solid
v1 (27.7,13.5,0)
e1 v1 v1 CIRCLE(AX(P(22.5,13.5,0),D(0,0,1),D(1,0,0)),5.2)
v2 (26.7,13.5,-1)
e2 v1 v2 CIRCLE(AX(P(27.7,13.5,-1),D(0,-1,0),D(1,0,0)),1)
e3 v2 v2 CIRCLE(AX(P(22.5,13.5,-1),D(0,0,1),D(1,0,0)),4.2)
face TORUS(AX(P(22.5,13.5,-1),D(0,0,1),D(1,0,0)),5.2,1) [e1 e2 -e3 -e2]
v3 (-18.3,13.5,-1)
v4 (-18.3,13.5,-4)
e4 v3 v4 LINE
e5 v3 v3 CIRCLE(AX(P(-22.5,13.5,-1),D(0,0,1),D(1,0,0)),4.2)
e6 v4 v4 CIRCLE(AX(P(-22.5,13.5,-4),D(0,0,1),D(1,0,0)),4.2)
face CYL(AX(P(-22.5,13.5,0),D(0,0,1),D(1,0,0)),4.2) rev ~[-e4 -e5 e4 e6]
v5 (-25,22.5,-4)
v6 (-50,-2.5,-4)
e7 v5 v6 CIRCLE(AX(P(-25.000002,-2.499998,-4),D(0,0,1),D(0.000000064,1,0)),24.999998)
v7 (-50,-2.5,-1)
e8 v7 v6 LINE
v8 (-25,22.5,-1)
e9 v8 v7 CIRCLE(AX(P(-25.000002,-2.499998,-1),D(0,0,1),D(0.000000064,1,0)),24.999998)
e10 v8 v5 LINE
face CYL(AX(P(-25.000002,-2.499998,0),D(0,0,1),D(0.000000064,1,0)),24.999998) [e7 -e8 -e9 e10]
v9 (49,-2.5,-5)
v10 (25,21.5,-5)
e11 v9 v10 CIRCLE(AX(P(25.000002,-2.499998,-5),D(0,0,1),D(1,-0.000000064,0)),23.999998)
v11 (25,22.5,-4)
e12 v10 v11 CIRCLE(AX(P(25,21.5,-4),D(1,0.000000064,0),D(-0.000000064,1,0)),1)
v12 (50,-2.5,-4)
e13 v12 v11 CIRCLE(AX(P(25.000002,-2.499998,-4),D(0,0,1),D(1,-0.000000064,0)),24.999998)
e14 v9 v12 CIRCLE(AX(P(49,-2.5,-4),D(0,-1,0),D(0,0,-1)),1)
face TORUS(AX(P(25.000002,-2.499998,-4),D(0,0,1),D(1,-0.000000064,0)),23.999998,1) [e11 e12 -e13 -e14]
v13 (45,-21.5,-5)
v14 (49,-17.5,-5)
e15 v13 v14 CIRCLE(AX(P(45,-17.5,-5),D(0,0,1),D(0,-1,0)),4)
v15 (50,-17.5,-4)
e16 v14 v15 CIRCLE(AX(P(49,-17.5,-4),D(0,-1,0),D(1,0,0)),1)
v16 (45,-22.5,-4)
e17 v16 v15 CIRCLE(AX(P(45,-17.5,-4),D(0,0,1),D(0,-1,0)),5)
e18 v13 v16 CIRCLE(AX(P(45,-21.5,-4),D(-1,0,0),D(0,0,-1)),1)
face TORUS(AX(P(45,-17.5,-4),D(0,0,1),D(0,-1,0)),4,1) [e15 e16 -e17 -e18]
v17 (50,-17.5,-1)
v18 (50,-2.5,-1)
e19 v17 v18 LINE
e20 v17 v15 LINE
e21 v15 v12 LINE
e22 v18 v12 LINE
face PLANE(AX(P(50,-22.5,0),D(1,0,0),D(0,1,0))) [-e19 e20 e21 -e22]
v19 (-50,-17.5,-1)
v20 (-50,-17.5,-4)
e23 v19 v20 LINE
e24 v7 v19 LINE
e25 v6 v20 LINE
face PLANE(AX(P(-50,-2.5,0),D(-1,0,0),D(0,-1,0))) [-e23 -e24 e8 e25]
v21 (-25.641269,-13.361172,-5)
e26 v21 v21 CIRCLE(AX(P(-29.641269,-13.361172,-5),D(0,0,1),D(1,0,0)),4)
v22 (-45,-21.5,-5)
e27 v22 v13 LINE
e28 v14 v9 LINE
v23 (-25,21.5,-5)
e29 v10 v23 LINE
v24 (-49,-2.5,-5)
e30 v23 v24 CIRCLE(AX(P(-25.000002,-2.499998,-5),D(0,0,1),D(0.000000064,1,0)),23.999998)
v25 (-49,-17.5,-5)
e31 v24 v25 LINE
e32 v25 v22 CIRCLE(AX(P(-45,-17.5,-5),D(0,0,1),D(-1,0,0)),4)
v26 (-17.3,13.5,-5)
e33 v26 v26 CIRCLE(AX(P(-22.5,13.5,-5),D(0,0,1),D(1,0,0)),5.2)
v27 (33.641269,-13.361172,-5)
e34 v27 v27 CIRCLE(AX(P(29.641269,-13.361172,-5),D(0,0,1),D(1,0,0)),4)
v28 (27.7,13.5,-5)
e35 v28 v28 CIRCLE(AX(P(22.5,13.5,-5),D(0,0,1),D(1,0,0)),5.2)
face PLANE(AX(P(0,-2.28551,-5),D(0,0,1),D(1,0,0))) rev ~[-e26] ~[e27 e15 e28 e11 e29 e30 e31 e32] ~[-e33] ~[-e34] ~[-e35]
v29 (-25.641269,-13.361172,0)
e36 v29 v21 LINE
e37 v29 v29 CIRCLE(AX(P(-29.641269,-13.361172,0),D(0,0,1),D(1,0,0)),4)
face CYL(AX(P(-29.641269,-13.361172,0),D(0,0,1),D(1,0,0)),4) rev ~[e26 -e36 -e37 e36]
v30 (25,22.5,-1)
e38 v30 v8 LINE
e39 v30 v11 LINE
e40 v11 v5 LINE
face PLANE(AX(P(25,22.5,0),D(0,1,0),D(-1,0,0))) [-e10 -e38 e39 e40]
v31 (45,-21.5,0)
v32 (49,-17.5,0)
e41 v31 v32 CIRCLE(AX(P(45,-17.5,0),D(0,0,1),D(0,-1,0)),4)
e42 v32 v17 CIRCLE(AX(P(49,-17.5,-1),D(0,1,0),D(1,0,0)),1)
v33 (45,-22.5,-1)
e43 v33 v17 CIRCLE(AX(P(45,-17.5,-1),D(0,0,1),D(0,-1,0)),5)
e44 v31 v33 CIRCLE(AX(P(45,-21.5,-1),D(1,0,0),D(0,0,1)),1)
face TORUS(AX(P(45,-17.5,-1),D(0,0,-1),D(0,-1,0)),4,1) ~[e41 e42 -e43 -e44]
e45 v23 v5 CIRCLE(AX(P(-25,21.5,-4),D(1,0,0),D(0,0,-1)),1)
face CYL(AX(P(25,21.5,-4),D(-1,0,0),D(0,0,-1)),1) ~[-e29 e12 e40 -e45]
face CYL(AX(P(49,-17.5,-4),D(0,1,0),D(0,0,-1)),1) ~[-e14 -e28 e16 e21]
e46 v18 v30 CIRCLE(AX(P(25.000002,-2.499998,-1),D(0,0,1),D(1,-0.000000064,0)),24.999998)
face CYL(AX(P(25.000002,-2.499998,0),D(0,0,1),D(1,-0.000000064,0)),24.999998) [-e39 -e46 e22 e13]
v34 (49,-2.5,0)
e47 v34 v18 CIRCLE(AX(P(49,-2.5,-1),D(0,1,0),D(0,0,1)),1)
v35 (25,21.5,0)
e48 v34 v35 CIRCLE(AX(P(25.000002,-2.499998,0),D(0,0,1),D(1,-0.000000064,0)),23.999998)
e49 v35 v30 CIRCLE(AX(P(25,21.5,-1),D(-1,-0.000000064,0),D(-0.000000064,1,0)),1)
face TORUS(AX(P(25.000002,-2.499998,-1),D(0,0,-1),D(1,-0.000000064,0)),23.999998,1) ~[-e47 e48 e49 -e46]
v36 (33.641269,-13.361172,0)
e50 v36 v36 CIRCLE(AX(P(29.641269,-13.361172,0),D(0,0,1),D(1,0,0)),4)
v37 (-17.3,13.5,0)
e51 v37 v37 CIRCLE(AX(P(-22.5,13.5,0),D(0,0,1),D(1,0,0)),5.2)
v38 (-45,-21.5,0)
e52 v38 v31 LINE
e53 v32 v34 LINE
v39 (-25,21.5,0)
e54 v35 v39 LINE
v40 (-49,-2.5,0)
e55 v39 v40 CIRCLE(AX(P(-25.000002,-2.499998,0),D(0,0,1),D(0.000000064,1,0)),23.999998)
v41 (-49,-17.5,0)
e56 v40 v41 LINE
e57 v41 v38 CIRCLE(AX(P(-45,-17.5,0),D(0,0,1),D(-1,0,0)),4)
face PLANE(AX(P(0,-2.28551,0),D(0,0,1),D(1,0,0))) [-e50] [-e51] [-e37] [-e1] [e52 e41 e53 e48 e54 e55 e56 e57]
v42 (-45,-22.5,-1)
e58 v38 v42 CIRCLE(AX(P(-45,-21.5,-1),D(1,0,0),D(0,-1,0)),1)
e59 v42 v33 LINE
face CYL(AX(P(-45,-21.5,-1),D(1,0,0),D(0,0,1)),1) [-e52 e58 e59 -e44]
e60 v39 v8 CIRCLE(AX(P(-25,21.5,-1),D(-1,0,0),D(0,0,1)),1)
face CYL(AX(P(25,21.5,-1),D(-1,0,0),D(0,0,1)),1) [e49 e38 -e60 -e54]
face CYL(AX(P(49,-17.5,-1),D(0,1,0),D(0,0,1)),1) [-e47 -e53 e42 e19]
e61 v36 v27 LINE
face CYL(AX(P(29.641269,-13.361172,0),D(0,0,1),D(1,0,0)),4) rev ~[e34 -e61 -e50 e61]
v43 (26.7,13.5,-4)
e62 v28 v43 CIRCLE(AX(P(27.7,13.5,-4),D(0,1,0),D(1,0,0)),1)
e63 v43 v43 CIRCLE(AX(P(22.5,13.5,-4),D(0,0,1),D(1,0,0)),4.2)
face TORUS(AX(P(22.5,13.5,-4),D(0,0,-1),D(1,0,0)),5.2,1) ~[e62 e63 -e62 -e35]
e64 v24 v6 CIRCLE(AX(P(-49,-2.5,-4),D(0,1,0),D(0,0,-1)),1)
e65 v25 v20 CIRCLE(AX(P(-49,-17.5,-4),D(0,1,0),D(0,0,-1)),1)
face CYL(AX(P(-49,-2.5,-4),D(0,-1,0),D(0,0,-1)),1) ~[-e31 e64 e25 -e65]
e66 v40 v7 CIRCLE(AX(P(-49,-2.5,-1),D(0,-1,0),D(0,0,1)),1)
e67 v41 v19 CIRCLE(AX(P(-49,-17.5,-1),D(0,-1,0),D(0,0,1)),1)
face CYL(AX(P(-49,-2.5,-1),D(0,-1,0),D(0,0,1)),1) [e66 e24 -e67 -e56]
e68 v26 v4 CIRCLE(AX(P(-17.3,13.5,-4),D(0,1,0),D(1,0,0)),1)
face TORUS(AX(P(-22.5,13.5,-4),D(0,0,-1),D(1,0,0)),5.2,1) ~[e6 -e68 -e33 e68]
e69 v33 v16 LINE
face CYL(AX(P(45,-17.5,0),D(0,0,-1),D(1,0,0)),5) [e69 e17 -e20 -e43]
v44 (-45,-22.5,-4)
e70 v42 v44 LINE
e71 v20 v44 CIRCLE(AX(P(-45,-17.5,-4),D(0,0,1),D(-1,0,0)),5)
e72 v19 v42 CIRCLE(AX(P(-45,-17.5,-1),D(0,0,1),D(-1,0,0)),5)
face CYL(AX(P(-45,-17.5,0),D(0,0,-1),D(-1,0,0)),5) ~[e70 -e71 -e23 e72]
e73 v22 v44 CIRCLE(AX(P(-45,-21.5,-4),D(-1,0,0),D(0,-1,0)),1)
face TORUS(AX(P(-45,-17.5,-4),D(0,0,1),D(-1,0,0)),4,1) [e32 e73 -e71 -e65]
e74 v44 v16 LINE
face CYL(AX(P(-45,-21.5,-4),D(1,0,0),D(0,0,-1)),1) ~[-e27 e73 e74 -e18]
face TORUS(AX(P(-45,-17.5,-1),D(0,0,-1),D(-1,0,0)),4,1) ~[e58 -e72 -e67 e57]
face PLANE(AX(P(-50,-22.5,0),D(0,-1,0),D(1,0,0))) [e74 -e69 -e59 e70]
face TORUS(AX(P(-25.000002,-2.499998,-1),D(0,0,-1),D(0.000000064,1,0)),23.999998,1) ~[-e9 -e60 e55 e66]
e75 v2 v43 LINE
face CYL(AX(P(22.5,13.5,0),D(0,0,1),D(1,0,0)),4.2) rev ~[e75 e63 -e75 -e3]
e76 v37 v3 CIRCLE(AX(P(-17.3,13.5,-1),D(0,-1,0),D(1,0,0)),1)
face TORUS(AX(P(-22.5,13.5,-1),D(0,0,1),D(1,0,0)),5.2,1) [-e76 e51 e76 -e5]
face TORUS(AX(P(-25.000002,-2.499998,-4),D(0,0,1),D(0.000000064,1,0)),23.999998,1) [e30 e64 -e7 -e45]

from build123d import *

# Parameters (mm, degrees)
F0_R     = 4.2
F1_DEPTH = 5
F2_R     = 5
F3_R     = 1
F4_R     = 4
F5_DEPTH = 5.001


with BuildPart() as f1:
    # F0 (on Top) → F1 (new body)
    with BuildSketch(Plane.XY):
        with BuildLine():
            Line((25, 22.5), (-25, 22.5))
            ThreePointArc((-25, 22.5), (-42.67767, 15.17767), (-50, -2.5))
            Line((-50, -2.5), (-50, -22.5))
            Line((-50, -22.5), (50, -22.5))
            Line((50, -22.5), (50, -2.5))
            ThreePointArc((50, -2.5), (42.67767, 15.17767), (25, 22.5))
        make_face()
        with Locations((-22.5, 13.5)):
            Circle(F0_R, mode=Mode.SUBTRACT)
        with Locations((22.5, 13.5)):
            Circle(F0_R, mode=Mode.SUBTRACT)
    extrude(amount=-F1_DEPTH)

    # F2
    f2_edges = [f1.edges().sort_by_distance(p)[0] for p in [
        (50, -22.5, -2.5),
        (-50, -22.5, -2.5),
    ]]
    fillet(f2_edges, radius=F2_R)

    # F3
    f3_edges = [f1.edges().sort_by_distance(p)[0] for p in [
        (-50, -10, 0),
        (-48.535534, -21.035534, 0),
        (-42.67767, 15.17767, 0),
        (0, -22.5, 0),
        (0, 22.5, 0),
        (48.535534, -21.035534, 0),
        (42.67767, 15.17767, 0),
        (50, -10, 0),
        (-26.7, 13.5, 0),
        (18.3, 13.5, 0),
        (-50, -10, -5),
        (-48.535534, -21.035534, -5),
        (-42.67767, 15.17767, -5),
        (0, -22.5, -5),
        (0, 22.5, -5),
        (48.535534, -21.035534, -5),
        (42.67767, 15.17767, -5),
        (50, -10, -5),
        (-26.7, 13.5, -5),
        (18.3, 13.5, -5),
    ]]
    fillet(f3_edges, radius=F3_R)

    # F4 (on face) → F5 (cut, through all)
    with BuildSketch(Plane.XY):
        with Locations((29.641269, -13.361172)):
            Circle(F4_R)
        with Locations((-29.641269, -13.361172)):
            Circle(F4_R)
    extrude(amount=-F5_DEPTH, mode=Mode.SUBTRACT)


solid = f1.part
